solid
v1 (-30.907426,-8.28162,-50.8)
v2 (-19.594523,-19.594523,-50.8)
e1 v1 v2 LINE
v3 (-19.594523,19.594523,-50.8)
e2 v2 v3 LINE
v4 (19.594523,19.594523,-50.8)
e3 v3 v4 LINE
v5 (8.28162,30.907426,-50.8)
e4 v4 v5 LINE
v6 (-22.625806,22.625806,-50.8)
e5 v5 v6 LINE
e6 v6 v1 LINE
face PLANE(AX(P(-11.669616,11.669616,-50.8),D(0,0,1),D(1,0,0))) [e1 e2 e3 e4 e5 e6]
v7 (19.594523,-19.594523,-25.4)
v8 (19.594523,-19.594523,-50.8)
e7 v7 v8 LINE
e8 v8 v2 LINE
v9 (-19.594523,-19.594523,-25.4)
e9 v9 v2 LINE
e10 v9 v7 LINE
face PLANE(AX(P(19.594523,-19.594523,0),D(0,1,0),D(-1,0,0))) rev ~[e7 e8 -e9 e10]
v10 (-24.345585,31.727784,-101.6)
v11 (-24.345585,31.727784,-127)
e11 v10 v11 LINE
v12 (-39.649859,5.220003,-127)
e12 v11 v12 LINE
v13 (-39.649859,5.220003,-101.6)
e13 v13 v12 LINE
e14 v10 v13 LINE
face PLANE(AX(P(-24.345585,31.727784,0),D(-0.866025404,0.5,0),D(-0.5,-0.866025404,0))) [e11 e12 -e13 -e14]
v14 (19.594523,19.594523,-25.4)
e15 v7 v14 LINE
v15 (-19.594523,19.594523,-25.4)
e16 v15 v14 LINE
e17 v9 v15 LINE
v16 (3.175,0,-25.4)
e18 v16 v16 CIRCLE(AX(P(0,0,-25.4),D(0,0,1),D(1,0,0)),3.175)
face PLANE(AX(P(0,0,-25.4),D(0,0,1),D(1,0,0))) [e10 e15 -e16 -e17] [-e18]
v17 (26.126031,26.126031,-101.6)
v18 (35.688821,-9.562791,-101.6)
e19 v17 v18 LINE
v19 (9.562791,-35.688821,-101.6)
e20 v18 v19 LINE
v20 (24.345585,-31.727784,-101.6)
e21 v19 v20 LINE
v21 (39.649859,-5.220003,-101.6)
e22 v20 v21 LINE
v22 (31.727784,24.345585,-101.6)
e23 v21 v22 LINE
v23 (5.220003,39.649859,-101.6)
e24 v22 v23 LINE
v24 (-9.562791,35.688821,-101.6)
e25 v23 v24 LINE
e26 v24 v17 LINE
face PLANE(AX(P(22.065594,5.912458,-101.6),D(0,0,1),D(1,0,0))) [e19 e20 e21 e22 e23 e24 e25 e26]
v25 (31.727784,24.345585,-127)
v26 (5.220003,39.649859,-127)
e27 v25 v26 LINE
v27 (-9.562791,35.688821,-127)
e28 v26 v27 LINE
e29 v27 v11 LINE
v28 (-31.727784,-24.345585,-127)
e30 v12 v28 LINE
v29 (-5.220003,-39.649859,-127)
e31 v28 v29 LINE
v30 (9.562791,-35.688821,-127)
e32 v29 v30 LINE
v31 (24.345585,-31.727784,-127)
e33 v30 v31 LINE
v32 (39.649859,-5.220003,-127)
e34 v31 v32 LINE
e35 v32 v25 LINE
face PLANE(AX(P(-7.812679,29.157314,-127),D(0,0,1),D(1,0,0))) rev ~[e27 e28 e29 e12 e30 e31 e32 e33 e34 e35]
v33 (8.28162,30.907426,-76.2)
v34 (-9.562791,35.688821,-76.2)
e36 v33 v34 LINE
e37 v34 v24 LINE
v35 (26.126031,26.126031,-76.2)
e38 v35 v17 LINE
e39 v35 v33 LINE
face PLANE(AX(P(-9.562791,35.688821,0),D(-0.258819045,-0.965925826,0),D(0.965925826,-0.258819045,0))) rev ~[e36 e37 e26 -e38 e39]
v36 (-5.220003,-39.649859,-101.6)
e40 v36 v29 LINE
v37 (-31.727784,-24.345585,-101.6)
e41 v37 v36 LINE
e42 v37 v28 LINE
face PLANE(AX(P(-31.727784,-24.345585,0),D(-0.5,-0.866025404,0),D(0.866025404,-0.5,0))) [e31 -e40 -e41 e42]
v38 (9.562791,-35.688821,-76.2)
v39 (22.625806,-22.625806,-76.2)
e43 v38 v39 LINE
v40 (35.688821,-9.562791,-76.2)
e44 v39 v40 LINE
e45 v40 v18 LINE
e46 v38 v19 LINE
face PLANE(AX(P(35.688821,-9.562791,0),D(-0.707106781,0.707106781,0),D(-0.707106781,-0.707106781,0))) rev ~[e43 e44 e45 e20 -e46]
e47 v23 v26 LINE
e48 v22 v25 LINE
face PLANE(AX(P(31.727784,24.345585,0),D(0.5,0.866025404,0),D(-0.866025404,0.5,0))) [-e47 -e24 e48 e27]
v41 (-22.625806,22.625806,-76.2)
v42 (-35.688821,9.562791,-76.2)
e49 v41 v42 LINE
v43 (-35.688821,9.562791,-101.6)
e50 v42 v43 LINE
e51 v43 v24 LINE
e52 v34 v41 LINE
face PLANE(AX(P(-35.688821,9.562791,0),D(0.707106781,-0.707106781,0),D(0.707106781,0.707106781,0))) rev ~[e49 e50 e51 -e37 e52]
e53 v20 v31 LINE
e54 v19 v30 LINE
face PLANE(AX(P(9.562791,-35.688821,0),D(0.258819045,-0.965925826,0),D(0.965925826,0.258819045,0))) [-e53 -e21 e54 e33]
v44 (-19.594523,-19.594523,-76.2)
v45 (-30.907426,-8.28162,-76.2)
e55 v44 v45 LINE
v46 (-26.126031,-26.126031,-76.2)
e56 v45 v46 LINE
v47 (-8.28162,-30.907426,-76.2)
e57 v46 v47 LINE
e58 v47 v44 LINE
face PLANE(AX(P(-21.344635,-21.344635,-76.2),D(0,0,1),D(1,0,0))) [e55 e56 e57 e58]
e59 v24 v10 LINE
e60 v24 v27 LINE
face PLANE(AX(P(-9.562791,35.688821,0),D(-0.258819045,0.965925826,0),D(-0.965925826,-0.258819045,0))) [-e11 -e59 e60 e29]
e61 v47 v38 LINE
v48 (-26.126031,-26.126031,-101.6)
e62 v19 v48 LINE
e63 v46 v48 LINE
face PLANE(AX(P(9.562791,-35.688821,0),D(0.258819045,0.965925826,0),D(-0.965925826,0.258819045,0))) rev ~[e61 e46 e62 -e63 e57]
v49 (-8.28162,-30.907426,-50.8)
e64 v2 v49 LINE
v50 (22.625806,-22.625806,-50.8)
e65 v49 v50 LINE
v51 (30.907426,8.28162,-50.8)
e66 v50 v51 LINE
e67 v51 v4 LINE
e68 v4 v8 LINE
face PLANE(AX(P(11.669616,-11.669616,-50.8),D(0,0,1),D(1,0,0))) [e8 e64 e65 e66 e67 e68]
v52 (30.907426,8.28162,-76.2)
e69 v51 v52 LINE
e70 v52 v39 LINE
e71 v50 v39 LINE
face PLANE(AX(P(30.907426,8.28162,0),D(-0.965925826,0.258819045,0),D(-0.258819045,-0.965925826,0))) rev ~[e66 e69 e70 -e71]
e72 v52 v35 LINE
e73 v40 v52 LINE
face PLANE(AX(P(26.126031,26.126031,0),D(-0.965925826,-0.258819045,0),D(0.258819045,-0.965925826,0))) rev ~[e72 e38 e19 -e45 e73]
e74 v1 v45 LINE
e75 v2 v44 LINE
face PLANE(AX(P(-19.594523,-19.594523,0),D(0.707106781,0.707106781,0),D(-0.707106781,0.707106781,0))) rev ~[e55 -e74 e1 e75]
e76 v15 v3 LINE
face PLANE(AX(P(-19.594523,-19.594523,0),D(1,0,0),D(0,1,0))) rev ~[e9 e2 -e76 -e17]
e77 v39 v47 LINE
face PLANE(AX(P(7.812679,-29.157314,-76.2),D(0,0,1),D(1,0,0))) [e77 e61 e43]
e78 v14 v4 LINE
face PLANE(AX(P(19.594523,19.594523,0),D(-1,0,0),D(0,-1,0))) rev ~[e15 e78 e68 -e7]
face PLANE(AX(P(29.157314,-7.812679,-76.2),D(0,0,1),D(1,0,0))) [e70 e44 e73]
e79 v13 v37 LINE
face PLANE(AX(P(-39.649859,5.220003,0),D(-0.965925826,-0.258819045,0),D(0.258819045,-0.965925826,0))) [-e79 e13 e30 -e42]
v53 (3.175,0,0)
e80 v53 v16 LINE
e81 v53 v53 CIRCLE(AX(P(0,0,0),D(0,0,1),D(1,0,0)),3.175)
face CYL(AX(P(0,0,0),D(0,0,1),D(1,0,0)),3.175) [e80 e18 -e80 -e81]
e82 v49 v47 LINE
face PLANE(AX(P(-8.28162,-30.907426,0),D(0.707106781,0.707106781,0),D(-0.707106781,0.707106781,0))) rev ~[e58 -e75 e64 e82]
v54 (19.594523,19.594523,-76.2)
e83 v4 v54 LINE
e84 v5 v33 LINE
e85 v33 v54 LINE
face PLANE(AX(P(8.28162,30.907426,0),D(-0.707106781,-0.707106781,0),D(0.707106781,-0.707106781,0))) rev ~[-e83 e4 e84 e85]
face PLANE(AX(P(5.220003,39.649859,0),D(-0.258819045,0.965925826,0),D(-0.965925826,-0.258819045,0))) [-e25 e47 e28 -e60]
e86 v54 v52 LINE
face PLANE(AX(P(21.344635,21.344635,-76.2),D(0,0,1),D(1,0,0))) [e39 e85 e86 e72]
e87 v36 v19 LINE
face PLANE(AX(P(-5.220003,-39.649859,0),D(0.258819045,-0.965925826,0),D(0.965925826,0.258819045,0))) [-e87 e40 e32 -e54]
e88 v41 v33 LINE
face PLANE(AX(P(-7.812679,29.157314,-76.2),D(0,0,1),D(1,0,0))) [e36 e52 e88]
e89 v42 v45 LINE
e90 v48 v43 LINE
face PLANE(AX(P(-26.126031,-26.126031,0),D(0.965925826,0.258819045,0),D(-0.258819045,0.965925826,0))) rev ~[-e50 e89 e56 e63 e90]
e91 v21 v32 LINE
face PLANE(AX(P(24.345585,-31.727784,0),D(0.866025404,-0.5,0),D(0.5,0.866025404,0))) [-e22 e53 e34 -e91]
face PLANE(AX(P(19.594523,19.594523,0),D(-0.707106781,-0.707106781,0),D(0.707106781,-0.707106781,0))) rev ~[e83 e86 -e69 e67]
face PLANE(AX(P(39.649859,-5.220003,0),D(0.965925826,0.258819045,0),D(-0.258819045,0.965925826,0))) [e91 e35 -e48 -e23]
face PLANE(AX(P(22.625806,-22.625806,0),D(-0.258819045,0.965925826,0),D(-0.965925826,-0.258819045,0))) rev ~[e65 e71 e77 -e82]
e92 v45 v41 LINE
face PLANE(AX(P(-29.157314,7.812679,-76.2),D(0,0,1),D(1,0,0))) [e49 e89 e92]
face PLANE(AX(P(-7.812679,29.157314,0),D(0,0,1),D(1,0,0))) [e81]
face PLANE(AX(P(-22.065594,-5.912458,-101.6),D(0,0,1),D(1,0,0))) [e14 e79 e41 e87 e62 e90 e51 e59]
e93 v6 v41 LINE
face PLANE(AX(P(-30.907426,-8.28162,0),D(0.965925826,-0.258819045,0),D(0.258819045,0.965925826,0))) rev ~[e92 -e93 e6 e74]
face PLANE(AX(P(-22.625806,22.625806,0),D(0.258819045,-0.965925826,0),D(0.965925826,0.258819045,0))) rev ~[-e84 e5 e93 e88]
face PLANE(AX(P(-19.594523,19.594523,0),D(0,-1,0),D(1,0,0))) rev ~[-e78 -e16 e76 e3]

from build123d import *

# Parameters (mm, degrees)
F0_W     = 39.1890458631
F0_H     = 39.1890458631
F0_R     = 3.175
F1_DEPTH = 127
F2_DEPTH = 101.6
F3_DEPTH = 76.2
F4_DEPTH = 50.8
F5_DEPTH = 25.4


with BuildPart() as f1:
    # F0 (on Top) → F1 (new body)
    with BuildSketch(Plane.XY):
        Polygon((-22.6258061783, 22.6258061783), (8.2816198424, 30.9074260207), (-9.5627908906, 35.688821466), align=None)
        Polygon((-9.5627908906, 35.688821466), (8.2816198424, 30.9074260207), (26.1260305754, 26.1260305754), (30.9074260207, 8.2816198424), (35.688821466, -9.5627908906), (22.6258061783, -22.6258061783), (9.5627908906, -35.688821466), (24.345584767, -31.727783785), (39.6498591471, -5.2200029857), (31.727783785, 24.345584767), (5.2200029857, 39.6498591471), align=None)
        Polygon((-35.688821466, 9.5627908906), (-22.6258061783, 22.6258061783), (-9.5627908906, 35.688821466), (-24.345584767, 31.727783785), (-39.6498591471, 5.2200029857), (-31.727783785, -24.345584767), (-5.2200029857, -39.6498591471), (9.5627908906, -35.688821466), (-8.2816198424, -30.9074260207), (-26.1260305754, -26.1260305754), (-30.9074260207, -8.2816198424), align=None)
        Polygon((9.5627908906, -35.688821466), (22.6258061783, -22.6258061783), (-8.2816198424, -30.9074260207), align=None)
        Polygon((-30.9074260207, -8.2816198424), (-22.6258061783, 22.6258061783), (-35.688821466, 9.5627908906), align=None)
        Polygon((-8.2816198424, -30.9074260207), (-19.5945229316, -19.5945229316), (-30.9074260207, -8.2816198424), (-26.1260305754, -26.1260305754), align=None)
        Polygon((30.9074260207, 8.2816198424), (19.5945229316, 19.5945229316), (19.5945229316, -19.5945229316), (-19.5945229316, -19.5945229316), (-8.2816198424, -30.9074260207), (22.6258061783, -22.6258061783), align=None)
        Polygon((35.688821466, -9.5627908906), (30.9074260207, 8.2816198424), (22.6258061783, -22.6258061783), align=None)
        Polygon((8.2816198424, 30.9074260207), (19.5945229316, 19.5945229316), (30.9074260207, 8.2816198424), (26.1260305754, 26.1260305754), align=None)
        Polygon((-19.5945229316, 19.5945229316), (19.5945229316, 19.5945229316), (8.2816198424, 30.9074260207), (-22.6258061783, 22.6258061783), (-30.9074260207, -8.2816198424), (-19.5945229316, -19.5945229316), align=None)
        Rectangle(F0_W, F0_H)
        Circle(F0_R, mode=Mode.SUBTRACT)
        Circle(F0_R)
    extrude(amount=-F1_DEPTH)

    # F0 (on Top) → F2 (cut)
    with BuildSketch(Plane.XY):
        Polygon((-35.688821466, 9.5627908906), (-22.6258061783, 22.6258061783), (-9.5627908906, 35.688821466), (-24.345584767, 31.727783785), (-39.6498591471, 5.2200029857), (-31.727783785, -24.345584767), (-5.2200029857, -39.6498591471), (9.5627908906, -35.688821466), (-8.2816198424, -30.9074260207), (-26.1260305754, -26.1260305754), (-30.9074260207, -8.2816198424), align=None)
        Polygon((-9.5627908906, 35.688821466), (8.2816198424, 30.9074260207), (26.1260305754, 26.1260305754), (30.9074260207, 8.2816198424), (35.688821466, -9.5627908906), (22.6258061783, -22.6258061783), (9.5627908906, -35.688821466), (24.345584767, -31.727783785), (39.6498591471, -5.2200029857), (31.727783785, 24.345584767), (5.2200029857, 39.6498591471), align=None)
    extrude(amount=-F2_DEPTH, mode=Mode.SUBTRACT)

    # F0 (on Top) → F3 (cut)
    with BuildSketch(Plane.XY):
        Polygon((-8.2816198424, -30.9074260207), (-19.5945229316, -19.5945229316), (-30.9074260207, -8.2816198424), (-26.1260305754, -26.1260305754), align=None)
        Polygon((9.5627908906, -35.688821466), (22.6258061783, -22.6258061783), (-8.2816198424, -30.9074260207), align=None)
        Polygon((35.688821466, -9.5627908906), (30.9074260207, 8.2816198424), (22.6258061783, -22.6258061783), align=None)
        Polygon((8.2816198424, 30.9074260207), (19.5945229316, 19.5945229316), (30.9074260207, 8.2816198424), (26.1260305754, 26.1260305754), align=None)
        Polygon((-22.6258061783, 22.6258061783), (8.2816198424, 30.9074260207), (-9.5627908906, 35.688821466), align=None)
        Polygon((-30.9074260207, -8.2816198424), (-22.6258061783, 22.6258061783), (-35.688821466, 9.5627908906), align=None)
    extrude(amount=-F3_DEPTH, mode=Mode.SUBTRACT)

    # F0 (on Top) → F4 (cut)
    with BuildSketch(Plane.XY):
        Polygon((-19.5945229316, 19.5945229316), (19.5945229316, 19.5945229316), (8.2816198424, 30.9074260207), (-22.6258061783, 22.6258061783), (-30.9074260207, -8.2816198424), (-19.5945229316, -19.5945229316), align=None)
        Polygon((30.9074260207, 8.2816198424), (19.5945229316, 19.5945229316), (19.5945229316, -19.5945229316), (-19.5945229316, -19.5945229316), (-8.2816198424, -30.9074260207), (22.6258061783, -22.6258061783), align=None)
    extrude(amount=-F4_DEPTH, mode=Mode.SUBTRACT)

    # F0 (on Top) → F5 (cut)
    with BuildSketch(Plane.XY):
        Rectangle(F0_W, F0_H)
        Circle(F0_R, mode=Mode.SUBTRACT)
    extrude(amount=-F5_DEPTH, mode=Mode.SUBTRACT)


solid = f1.part
